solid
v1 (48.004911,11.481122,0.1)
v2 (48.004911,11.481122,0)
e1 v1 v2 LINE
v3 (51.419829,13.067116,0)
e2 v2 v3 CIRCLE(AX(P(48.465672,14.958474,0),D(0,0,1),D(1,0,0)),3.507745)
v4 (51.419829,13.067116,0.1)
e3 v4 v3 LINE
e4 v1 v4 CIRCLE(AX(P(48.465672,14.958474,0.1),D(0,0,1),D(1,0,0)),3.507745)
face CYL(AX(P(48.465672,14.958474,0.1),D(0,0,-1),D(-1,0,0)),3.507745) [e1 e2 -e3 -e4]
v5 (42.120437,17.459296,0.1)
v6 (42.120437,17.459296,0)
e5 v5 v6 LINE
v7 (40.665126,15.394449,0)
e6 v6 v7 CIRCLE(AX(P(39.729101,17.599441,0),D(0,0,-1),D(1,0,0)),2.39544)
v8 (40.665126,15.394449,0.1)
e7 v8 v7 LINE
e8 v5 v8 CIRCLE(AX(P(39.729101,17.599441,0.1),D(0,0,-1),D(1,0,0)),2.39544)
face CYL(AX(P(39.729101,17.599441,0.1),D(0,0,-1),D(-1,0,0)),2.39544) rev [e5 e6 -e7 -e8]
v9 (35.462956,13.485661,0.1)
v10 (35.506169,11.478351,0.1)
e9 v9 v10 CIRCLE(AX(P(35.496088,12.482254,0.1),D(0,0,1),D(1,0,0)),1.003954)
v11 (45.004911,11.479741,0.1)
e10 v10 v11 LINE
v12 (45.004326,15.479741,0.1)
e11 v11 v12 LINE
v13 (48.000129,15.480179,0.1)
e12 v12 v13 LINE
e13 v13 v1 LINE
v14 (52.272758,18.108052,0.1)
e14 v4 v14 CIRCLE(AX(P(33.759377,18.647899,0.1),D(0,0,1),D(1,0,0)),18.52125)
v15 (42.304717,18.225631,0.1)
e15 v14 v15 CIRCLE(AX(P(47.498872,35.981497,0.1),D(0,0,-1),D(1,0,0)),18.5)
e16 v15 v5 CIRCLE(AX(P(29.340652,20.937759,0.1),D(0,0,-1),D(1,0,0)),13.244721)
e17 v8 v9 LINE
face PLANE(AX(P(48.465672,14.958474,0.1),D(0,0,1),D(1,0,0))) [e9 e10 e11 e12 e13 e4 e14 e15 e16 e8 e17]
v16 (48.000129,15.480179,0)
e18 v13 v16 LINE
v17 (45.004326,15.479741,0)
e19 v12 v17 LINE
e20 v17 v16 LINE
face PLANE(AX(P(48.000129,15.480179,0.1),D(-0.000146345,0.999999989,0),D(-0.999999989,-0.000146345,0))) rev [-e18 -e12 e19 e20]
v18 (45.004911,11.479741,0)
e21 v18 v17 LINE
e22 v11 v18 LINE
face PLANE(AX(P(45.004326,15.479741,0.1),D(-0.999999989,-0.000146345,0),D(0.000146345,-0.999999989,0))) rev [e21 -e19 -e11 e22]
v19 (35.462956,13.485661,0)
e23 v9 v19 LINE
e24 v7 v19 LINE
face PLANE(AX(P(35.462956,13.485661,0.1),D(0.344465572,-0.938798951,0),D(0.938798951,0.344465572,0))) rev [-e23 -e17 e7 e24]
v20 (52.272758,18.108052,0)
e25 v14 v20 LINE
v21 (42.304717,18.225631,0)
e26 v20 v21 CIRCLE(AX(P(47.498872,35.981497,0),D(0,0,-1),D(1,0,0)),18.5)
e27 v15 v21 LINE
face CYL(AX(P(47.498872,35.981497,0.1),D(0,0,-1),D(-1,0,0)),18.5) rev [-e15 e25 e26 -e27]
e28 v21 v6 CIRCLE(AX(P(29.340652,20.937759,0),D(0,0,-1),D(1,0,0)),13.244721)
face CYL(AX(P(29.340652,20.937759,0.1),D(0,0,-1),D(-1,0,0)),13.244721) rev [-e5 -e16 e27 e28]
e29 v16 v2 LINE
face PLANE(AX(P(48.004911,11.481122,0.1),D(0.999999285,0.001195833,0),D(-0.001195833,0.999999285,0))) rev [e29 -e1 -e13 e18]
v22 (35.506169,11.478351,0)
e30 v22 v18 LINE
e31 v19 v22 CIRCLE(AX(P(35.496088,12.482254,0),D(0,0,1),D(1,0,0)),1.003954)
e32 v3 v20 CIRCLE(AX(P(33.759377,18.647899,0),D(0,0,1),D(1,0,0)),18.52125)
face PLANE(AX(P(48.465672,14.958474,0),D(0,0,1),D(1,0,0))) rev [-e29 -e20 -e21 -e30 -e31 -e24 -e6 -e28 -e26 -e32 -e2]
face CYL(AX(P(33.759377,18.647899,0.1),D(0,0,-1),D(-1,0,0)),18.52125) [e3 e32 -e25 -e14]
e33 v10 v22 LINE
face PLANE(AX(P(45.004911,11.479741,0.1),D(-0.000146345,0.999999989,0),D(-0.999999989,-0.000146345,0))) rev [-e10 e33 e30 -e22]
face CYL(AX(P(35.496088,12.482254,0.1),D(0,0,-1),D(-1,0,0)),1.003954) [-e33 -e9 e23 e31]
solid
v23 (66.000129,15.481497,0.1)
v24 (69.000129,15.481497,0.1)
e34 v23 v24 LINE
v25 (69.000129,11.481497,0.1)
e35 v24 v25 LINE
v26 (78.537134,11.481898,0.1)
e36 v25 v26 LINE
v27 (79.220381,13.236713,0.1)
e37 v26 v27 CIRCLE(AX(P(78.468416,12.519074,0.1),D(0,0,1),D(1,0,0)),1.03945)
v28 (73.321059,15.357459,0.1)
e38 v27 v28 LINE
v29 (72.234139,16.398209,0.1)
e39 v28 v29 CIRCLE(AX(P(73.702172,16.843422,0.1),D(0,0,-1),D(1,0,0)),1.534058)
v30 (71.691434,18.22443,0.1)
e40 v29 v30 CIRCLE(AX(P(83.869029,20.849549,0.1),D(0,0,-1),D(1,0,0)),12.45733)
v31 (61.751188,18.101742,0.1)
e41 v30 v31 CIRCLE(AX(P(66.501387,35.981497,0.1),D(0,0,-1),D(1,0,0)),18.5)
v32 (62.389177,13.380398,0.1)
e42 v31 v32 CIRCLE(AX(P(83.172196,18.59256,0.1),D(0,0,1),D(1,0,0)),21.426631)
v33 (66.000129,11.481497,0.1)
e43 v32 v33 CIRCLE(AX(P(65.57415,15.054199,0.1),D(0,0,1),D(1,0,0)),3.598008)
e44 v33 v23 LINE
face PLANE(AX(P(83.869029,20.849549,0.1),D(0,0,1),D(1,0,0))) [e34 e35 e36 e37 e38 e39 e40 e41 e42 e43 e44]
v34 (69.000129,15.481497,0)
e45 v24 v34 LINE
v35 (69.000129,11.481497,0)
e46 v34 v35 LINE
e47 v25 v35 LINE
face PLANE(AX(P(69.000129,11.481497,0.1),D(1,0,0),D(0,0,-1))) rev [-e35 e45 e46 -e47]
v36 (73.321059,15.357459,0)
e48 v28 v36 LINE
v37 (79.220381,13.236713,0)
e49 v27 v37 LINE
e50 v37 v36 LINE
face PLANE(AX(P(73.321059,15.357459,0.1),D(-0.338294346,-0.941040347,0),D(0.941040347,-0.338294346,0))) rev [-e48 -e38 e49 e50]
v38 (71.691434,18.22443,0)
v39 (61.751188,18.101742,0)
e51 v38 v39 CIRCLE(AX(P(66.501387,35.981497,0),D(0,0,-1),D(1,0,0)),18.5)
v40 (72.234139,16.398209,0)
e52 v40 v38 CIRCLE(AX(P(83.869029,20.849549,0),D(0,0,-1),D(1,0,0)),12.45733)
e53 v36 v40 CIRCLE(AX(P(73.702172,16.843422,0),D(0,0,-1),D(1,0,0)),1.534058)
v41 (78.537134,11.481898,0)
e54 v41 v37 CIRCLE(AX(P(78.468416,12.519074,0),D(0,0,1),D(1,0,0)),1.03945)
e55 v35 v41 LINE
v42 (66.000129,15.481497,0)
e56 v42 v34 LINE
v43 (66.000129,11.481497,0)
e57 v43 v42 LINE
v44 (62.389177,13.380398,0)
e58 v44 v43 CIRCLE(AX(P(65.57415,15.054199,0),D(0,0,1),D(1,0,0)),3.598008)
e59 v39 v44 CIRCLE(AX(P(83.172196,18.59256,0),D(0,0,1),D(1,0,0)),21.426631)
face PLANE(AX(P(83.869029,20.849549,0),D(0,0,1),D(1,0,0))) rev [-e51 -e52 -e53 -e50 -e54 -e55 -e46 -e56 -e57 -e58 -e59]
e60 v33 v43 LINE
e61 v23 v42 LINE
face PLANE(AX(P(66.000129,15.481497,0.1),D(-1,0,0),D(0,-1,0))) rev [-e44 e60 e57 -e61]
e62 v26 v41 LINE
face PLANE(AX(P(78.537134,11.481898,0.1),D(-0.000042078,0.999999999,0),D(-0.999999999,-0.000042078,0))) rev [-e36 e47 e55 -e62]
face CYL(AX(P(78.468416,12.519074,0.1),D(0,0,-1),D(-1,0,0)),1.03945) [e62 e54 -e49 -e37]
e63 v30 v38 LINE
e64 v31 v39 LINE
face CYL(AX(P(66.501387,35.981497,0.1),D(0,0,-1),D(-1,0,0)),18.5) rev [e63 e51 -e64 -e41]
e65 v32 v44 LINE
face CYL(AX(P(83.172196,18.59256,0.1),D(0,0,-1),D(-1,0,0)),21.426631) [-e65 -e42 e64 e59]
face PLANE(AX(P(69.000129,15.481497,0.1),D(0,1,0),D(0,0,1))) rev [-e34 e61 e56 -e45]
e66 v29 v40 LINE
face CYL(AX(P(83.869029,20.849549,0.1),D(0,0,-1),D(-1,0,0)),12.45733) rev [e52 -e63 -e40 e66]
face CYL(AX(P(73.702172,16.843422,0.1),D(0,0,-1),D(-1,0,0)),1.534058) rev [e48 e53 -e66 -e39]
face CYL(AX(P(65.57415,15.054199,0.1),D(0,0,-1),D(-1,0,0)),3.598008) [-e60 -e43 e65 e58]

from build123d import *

# Parameters (mm, degrees)
SALIENTE_EXTRUIR1_DEPTH   = 0.1
SALIENTE_EXTRUIR1_2_DEPTH = 0.1


with BuildPart() as part:
    # Model → Saliente-Extruir1 (new body)
    with BuildSketch(Plane.XY):
        with BuildLine():
            Line((48.004911327, 11.481121887), (48.000129117, 15.480179105))
            Line((48.000129117, 15.480179105), (45.004326118, 15.479740685))
            Line((45.004326118, 15.479740685), (45.004911497, 11.479740728))
            Line((45.004911497, 11.479740728), (35.506169055, 11.478350639))
            ThreePointArc((35.506169055, 11.478350639), (34.492366192, 12.460645884), (35.46295571, 13.485661095))
            Line((35.46295571, 13.485661095), (40.665125807, 15.394449439))
            ThreePointArc((40.665125807, 15.394449439), (41.687092497, 16.219441411), (42.120437187, 17.459296261))
            ThreePointArc((42.120437187, 17.459296261), (42.218278721, 17.841092612), (42.304716772, 18.225631144))
            ThreePointArc((42.304716772, 18.225631144), (47.280668403, 17.482783386), (52.272757778, 18.108052207))
            ThreePointArc((52.272757778, 18.108052207), (52.021066511, 15.55801224), (51.419828955, 13.067115668))
            ThreePointArc((51.419828955, 13.067115668), (49.943203878, 11.777094004), (48.004911327, 11.481121887))
        make_face()
    extrude(amount=SALIENTE_EXTRUIR1_DEPTH)


with BuildPart() as body_2:
    # Model → Saliente-Extruir1 2 (new body)
    with BuildSketch(Plane.XY):
        with BuildLine():
            Line((73.321058857, 15.357458735), (79.220381344, 13.23671285))
            ThreePointArc((79.220381344, 13.23671285), (79.437035814, 12.14193667), (78.537134291, 11.481897812))
            Line((78.537134291, 11.481897812), (69.000129117, 11.481496513))
            Line((69.000129117, 11.481496513), (69.000129117, 15.481496513))
            Line((69.000129117, 15.481496513), (66.000129117, 15.481496513))
            Line((66.000129117, 15.481496513), (66.000129117, 11.481496513))
            ThreePointArc((66.000129117, 11.481496513), (63.899495069, 11.869675073), (62.389176946, 13.380398463))
            ThreePointArc((62.389176946, 13.380398463), (61.938549185, 15.723282994), (61.751187513, 18.101742351))
            ThreePointArc((61.751187513, 18.101742351), (66.729705671, 17.482905475), (71.691433552, 18.224429965))
            ThreePointArc((71.691433552, 18.224429965), (71.92782379, 17.300929573), (72.234139379, 16.398209196))
            ThreePointArc((72.234139379, 16.398209196), (72.641217064, 15.735401829), (73.321058857, 15.357458735))
        make_face()
    extrude(amount=SALIENTE_EXTRUIR1_2_DEPTH)


solid = Compound([part.part, body_2.part])
